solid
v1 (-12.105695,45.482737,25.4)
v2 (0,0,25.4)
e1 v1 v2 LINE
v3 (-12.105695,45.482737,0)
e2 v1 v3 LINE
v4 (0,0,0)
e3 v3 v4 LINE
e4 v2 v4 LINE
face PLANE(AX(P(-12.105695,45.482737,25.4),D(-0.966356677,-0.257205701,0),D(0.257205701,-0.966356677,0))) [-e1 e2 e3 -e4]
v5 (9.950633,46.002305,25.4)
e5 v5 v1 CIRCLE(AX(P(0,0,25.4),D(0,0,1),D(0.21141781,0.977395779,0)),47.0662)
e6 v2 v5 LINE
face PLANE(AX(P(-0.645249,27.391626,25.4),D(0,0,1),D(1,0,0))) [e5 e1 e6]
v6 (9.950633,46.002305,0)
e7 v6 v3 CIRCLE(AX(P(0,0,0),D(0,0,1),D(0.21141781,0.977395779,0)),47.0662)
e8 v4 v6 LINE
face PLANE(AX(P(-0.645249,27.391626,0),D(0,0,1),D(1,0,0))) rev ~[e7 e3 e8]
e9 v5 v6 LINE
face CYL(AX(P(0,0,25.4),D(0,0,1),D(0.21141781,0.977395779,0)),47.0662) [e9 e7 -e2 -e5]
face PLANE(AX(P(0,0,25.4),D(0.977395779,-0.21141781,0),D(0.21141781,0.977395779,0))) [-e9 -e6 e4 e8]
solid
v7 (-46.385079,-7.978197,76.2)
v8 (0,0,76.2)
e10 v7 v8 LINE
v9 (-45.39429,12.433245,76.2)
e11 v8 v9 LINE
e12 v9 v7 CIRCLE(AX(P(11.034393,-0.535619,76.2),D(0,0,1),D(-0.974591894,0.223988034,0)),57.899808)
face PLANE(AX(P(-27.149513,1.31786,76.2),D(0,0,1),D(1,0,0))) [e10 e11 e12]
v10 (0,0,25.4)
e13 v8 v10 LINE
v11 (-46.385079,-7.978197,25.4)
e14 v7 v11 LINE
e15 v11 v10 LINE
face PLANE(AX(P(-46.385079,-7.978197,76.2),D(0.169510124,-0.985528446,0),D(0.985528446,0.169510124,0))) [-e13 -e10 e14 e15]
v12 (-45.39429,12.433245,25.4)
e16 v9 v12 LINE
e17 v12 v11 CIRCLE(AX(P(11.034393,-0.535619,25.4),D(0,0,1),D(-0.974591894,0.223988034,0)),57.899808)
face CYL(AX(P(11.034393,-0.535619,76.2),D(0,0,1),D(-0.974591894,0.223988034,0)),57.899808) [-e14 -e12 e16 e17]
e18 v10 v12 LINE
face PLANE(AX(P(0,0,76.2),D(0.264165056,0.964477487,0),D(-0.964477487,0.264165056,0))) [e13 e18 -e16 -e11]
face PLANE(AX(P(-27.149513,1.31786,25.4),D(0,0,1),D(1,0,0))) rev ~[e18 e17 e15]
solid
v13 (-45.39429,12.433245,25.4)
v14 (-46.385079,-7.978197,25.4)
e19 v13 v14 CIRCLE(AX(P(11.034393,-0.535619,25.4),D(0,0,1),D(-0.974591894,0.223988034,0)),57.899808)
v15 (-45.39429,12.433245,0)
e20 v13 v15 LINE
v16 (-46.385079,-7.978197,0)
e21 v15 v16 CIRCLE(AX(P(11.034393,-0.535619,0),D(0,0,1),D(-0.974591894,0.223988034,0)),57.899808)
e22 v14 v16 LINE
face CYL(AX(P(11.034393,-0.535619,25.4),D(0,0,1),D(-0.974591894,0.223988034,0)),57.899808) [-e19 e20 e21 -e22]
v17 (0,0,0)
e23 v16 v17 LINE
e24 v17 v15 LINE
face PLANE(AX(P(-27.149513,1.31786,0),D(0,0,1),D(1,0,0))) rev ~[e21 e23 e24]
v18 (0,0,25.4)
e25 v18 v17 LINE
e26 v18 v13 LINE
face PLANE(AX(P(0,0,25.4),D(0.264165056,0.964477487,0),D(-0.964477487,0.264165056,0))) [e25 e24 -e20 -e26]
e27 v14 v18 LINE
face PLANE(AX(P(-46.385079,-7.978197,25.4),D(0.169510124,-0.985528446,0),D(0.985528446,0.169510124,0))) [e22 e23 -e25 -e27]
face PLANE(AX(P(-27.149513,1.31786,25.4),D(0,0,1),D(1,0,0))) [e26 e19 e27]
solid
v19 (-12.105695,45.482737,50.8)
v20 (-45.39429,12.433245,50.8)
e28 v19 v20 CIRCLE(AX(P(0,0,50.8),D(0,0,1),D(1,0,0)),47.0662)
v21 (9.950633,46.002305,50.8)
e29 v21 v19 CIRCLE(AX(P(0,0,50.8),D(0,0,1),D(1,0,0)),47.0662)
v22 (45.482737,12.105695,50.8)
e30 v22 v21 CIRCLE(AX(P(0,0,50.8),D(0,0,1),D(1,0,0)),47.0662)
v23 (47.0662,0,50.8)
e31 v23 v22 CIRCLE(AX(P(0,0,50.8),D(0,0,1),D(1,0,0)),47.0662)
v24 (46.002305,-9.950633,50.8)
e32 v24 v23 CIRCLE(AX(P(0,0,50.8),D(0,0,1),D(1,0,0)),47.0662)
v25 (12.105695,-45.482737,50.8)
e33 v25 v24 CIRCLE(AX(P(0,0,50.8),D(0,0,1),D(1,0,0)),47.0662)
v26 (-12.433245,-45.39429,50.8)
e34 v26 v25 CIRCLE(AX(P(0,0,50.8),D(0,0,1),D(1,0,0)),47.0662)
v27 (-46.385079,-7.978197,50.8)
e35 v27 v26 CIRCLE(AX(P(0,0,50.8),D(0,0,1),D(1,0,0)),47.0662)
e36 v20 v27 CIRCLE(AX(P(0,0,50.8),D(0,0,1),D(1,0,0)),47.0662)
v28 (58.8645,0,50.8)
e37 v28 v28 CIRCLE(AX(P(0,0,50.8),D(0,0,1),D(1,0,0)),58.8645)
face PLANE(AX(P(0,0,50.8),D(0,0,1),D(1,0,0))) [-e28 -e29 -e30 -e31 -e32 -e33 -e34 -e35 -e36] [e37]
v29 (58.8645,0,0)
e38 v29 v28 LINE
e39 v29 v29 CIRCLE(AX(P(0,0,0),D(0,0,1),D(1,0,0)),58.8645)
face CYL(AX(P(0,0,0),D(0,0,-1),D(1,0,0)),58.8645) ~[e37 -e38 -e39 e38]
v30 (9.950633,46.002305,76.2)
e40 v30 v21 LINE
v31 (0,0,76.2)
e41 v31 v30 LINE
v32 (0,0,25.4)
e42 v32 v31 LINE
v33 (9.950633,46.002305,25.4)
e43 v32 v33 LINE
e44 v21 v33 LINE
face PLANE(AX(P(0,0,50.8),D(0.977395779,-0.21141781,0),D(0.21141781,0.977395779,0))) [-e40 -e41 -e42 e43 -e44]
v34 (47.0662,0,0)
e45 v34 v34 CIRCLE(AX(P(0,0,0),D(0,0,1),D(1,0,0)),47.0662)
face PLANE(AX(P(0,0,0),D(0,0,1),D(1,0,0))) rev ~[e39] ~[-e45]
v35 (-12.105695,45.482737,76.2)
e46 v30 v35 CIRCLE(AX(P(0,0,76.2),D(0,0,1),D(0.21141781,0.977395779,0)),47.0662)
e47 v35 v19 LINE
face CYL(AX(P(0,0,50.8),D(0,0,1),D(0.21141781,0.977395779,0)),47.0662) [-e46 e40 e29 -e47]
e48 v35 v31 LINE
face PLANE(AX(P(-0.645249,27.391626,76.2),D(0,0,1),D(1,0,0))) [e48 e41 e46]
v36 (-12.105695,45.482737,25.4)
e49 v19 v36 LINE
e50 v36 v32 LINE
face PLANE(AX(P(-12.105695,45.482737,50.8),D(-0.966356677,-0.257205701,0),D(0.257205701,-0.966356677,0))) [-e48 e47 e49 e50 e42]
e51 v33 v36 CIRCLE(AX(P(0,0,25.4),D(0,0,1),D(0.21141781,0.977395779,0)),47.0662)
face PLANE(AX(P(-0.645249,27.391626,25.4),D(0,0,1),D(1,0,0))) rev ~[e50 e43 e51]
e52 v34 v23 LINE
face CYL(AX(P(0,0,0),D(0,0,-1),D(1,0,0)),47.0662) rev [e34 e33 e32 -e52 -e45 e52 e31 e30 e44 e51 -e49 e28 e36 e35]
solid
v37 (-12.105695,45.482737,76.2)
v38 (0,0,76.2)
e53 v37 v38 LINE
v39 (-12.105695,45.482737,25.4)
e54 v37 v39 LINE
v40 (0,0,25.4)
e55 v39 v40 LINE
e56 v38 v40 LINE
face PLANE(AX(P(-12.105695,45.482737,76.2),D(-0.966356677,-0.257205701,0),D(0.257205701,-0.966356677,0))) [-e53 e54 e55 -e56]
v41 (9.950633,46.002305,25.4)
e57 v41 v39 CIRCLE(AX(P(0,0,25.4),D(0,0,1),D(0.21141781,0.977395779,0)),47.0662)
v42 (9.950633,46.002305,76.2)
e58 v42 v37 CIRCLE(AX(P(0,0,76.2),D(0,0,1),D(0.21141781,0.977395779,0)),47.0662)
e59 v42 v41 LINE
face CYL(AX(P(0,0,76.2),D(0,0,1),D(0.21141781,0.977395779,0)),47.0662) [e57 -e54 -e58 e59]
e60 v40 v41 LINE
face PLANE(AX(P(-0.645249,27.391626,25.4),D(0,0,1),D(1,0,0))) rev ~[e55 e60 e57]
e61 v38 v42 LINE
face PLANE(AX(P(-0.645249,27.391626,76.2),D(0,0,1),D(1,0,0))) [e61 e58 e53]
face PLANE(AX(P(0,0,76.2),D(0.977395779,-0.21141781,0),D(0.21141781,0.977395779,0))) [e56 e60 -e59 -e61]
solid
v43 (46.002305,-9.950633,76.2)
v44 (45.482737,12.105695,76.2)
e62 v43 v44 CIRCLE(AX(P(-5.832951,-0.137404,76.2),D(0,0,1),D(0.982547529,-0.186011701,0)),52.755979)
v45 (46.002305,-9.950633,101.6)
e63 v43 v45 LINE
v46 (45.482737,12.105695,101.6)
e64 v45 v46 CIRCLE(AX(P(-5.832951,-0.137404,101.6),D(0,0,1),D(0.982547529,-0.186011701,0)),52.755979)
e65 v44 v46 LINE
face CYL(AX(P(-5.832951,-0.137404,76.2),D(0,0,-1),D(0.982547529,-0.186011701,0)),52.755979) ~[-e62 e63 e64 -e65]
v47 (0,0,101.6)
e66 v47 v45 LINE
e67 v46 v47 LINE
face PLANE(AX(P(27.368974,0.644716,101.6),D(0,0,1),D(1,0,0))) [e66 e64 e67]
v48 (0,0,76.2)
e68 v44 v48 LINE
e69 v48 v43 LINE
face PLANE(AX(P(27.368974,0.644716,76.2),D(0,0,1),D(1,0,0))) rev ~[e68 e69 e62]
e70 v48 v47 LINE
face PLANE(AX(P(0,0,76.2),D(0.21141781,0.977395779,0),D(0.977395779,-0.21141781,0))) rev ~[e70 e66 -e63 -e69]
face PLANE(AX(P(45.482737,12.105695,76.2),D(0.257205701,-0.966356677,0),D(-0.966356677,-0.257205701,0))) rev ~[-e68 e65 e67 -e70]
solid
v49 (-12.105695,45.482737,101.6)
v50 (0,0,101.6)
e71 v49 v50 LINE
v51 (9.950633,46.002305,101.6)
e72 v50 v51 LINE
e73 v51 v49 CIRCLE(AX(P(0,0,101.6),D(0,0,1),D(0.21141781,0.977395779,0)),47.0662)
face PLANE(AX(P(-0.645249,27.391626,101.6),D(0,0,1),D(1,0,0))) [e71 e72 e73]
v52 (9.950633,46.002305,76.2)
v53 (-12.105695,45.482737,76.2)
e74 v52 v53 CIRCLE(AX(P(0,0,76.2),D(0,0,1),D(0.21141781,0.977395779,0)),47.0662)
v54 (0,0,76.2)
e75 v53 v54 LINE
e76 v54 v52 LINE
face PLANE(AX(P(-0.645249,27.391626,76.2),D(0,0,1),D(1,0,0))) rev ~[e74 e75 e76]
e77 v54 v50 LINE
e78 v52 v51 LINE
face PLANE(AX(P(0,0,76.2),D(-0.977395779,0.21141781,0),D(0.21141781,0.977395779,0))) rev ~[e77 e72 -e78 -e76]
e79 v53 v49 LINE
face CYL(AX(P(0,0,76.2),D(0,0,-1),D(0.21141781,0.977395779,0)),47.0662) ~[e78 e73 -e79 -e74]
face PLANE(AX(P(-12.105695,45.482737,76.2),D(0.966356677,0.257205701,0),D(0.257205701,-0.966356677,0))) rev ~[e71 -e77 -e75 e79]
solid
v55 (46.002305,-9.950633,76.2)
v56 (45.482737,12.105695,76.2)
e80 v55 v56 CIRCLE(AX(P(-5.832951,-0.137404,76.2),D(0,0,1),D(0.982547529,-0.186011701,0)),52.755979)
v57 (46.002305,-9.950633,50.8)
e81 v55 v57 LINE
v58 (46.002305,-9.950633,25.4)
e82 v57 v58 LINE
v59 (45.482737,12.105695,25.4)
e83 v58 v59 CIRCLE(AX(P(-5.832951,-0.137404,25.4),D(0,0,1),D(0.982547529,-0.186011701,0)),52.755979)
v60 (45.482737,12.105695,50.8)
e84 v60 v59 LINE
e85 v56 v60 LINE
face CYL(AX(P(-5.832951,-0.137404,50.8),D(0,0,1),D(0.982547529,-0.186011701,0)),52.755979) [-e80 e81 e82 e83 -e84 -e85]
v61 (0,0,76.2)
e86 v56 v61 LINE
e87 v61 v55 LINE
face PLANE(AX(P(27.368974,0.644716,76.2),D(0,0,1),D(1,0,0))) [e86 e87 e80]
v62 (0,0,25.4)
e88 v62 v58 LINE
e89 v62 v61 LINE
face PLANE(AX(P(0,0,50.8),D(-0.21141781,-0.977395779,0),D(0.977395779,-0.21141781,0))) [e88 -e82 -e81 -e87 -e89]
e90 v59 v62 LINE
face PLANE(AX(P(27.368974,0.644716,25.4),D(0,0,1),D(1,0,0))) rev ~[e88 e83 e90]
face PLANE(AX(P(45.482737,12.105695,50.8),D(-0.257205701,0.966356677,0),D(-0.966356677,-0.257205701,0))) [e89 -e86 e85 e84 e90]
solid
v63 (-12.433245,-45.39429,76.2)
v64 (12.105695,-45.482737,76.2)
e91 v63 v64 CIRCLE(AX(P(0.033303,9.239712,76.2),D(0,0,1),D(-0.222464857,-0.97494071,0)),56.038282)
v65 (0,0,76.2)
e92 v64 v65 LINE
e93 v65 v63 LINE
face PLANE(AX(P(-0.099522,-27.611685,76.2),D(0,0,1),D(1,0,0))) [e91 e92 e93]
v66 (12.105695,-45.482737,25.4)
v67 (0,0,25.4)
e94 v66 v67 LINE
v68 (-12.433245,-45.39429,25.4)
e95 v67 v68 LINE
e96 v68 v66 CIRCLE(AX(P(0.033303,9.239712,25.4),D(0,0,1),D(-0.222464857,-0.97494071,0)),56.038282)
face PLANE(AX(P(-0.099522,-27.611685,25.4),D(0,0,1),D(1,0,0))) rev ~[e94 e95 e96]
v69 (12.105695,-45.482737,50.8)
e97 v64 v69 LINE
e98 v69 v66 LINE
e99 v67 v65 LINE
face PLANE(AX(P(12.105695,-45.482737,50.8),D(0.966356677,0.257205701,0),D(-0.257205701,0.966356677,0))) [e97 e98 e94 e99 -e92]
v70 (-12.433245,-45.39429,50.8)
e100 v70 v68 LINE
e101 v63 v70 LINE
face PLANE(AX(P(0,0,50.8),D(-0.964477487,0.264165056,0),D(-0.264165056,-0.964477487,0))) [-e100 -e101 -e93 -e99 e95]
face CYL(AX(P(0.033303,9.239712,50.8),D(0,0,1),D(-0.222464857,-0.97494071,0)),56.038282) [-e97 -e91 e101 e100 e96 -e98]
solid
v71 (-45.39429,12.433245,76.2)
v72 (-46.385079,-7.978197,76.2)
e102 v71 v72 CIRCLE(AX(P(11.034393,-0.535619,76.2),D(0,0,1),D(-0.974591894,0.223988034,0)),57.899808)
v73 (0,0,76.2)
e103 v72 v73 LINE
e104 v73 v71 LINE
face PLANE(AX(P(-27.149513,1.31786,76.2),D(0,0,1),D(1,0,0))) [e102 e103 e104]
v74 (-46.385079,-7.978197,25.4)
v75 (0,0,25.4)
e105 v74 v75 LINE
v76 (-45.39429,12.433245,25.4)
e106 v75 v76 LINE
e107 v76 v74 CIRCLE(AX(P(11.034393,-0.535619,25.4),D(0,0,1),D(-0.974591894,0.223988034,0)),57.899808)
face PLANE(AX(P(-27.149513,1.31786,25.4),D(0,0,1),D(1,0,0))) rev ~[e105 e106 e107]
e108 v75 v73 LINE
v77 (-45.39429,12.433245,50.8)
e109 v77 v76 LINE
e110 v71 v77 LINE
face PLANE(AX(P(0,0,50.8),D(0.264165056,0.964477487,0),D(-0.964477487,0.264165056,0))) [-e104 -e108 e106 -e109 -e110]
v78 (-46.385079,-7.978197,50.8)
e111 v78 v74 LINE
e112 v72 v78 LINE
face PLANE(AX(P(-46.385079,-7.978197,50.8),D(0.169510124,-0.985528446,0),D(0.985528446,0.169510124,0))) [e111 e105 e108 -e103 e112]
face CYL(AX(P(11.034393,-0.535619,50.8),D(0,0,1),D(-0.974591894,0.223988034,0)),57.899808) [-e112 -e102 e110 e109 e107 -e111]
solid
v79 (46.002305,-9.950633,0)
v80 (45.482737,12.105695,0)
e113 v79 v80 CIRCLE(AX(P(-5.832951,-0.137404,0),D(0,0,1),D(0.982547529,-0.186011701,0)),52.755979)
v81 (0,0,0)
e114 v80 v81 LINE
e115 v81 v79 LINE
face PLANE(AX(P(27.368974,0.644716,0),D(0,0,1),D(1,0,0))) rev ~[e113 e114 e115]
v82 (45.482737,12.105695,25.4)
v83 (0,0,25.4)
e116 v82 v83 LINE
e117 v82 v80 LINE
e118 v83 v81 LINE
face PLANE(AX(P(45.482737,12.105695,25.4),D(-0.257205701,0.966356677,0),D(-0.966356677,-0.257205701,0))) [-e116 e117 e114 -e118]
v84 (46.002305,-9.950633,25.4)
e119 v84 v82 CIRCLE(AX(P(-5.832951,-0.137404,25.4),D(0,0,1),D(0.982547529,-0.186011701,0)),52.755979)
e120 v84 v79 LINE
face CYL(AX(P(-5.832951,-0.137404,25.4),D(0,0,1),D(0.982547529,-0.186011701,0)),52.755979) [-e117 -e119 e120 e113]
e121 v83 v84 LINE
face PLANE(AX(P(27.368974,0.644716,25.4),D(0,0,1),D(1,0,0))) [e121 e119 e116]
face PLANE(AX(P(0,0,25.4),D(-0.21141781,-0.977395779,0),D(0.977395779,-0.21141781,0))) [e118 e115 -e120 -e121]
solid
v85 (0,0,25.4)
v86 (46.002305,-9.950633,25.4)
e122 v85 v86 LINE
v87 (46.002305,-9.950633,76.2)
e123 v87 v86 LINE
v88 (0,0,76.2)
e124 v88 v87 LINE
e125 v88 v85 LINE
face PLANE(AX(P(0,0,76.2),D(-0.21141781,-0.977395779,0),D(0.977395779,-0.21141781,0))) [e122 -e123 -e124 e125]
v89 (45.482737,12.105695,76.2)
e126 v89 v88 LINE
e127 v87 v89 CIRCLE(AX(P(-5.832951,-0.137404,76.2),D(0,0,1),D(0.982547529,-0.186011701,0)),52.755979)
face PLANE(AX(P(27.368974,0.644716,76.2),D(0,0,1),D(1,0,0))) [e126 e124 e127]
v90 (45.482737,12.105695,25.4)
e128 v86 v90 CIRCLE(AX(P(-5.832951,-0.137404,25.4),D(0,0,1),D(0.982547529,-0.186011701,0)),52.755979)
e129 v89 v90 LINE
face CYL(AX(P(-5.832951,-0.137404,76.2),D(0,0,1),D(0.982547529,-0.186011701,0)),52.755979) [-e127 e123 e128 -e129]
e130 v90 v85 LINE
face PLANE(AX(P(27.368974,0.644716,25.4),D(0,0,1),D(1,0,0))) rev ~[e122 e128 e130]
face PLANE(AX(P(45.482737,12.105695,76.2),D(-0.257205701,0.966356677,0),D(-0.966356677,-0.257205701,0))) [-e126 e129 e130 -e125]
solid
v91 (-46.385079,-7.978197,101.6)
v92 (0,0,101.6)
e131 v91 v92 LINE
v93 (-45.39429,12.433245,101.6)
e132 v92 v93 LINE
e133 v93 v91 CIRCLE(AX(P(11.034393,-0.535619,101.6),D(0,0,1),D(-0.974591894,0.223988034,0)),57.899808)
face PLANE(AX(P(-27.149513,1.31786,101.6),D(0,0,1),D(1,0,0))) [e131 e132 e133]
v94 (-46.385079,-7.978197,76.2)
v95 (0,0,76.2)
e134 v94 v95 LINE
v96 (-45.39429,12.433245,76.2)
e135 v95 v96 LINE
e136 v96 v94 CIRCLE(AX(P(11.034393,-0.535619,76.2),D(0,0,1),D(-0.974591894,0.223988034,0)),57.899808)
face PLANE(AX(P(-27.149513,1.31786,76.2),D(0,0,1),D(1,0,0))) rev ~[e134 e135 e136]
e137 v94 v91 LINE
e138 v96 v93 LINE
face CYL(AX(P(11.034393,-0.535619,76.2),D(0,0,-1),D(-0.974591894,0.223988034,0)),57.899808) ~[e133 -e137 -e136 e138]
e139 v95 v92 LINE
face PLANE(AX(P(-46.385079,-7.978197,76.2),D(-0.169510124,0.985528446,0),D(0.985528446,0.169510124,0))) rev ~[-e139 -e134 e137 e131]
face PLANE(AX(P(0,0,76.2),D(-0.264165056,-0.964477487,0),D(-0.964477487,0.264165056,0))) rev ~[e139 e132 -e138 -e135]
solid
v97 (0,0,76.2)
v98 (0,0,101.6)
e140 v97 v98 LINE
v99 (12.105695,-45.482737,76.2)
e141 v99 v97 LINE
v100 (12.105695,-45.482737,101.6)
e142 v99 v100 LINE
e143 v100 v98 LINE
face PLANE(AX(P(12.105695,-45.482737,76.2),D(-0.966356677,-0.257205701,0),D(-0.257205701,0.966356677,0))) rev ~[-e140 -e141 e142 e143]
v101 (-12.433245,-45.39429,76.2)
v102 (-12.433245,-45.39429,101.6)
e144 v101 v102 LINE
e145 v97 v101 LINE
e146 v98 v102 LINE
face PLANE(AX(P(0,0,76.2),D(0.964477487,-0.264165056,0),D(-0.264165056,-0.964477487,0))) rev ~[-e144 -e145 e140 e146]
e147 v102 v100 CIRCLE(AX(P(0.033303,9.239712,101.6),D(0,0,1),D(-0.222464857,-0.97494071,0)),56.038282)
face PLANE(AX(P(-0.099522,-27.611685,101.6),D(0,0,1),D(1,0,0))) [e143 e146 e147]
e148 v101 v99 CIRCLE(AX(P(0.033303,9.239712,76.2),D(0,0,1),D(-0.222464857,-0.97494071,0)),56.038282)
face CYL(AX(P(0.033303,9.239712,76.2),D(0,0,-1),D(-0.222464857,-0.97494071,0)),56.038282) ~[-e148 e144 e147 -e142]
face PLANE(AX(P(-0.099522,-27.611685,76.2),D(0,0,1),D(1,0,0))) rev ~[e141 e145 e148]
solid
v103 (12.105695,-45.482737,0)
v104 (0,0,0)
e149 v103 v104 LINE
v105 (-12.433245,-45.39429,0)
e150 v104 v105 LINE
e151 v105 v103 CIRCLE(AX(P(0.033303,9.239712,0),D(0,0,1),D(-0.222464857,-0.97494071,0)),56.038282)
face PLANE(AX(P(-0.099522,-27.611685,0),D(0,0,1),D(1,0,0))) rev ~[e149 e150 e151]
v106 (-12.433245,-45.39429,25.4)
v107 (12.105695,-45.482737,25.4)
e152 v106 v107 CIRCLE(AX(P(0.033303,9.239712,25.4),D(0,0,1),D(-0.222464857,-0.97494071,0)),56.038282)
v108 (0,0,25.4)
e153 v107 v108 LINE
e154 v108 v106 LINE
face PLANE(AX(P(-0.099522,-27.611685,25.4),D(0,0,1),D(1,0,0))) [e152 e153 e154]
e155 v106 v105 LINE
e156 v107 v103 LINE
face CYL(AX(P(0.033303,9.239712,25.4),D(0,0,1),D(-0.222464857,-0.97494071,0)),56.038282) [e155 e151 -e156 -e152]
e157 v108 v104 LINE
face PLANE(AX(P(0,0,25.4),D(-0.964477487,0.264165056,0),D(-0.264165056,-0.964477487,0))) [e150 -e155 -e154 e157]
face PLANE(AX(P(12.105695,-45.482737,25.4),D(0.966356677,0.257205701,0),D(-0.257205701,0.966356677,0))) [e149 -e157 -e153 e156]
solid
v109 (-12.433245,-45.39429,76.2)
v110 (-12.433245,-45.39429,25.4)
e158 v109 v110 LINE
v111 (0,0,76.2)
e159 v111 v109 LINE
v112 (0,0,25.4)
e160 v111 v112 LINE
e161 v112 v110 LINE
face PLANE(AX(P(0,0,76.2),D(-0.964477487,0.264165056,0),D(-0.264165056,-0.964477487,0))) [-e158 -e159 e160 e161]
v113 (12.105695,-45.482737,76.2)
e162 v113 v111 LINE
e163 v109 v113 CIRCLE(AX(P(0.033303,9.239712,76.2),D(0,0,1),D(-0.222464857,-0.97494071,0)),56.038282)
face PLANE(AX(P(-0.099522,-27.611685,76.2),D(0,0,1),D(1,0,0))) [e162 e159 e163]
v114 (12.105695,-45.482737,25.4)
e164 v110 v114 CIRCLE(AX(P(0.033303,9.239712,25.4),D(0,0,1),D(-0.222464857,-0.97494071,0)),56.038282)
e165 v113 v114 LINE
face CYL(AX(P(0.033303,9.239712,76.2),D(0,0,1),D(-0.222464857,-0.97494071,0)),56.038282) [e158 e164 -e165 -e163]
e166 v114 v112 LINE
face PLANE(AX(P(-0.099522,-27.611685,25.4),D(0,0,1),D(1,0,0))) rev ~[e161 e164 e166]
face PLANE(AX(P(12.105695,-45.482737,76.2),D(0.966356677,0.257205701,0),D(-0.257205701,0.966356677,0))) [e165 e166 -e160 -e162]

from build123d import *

# Parameters (mm, degrees)
F0_R     = 58.8645
F0_R_2   = 47.0662
F1_DEPTH = 50.8
F3_DEPTH = 25.4
F4_DEPTH = 50.8
F5_DEPTH = 25.4
F6_DEPTH = 25.4


with BuildPart() as f1:
    # F0 (on Top) → F1 (new body)
    with BuildSketch(Plane.XY):
        Circle(F0_R)
        Circle(F0_R_2, mode=Mode.SUBTRACT)
    extrude(amount=F1_DEPTH)

    # F2 (on face) → F3 (join, symmetric)
    with BuildSketch(Plane.XY.offset(50.8)):
        with BuildLine():
            Line((-12.1056949536, 45.4827366385), (0, 0))
            Line((0, 0), (9.9506329246, 46.002305234))
            ThreePointArc((9.9506329246, 46.002305234), (-1.1084046953, 47.0531467754), (-12.1056949536, 45.4827366385))
        make_face()
        with BuildLine():
            Line((45.4827366385, 12.1056949536), (0, 0))
            Line((0, 0), (46.002305234, -9.9506329246))
            ThreePointArc((46.002305234, -9.9506329246), (46.9083962016, 1.1049948869), (45.4827366385, 12.1056949536))
        make_face()
        with BuildLine():
            Line((12.1056949536, -45.4827366385), (0, 0))
            Line((0, 0), (-12.4332453646, -45.3942903033))
            ThreePointArc((-12.4332453646, -45.3942903033), (-0.1686759799, -46.7982058703), (12.1056949536, -45.4827366385))
        make_face()
        with BuildLine():
            Line((-46.385078942, -7.9781974142), (0, 0))
            Line((0, 0), (-45.3942903033, 12.4332453646))
            ThreePointArc((-45.3942903033, 12.4332453646), (-46.7973228873, 2.2715815017), (-46.385078942, -7.9781974142))
        make_face()
    extrude(amount=F3_DEPTH, both=True)


with BuildPart() as f4:
    # F4 (new): a face of the model
    f4_faces = [f1.part.faces().sort_by_distance(p)[0] for p in [
        (-0.7320628202, 31.0769698775, 76.2),
    ]]
    extrude(f4_faces, amount=-F4_DEPTH)


with BuildPart() as f4b:
    # F4#2 (new): a face of the model
    f4_2_faces = [f1.part.faces().sort_by_distance(p)[0] for p in [
        (-30.9961070931, 1.5045771671, 76.2),
    ]]
    extrude(f4_2_faces, amount=-F4_DEPTH)


with BuildPart() as f4c:
    # F4#3 (new): a face of the model
    f4_3_faces = [f1.part.faces().sort_by_distance(p)[0] for p in [
        (-0.1113584297, -30.895772613, 76.2),
    ]]
    extrude(f4_3_faces, amount=-F4_DEPTH)


with BuildPart() as f4d:
    # F4#4 (new): a face of the model
    f4_4_faces = [f1.part.faces().sort_by_distance(p)[0] for p in [
        (31.0126069708, 0.7305466592, 76.2),
    ]]
    extrude(f4_4_faces, amount=-F4_DEPTH)


with BuildPart() as f5:
    # F5 (new): a face of the model
    f5_faces = [f1.part.faces().sort_by_distance(p)[0] for p in [
        (31.0126069708, 0.7305466592, 25.4),
    ]]
    extrude(f5_faces, amount=F5_DEPTH)


with BuildPart() as f5b:
    # F5#2 (new): a face of the model
    f5_2_faces = [f1.part.faces().sort_by_distance(p)[0] for p in [
        (-0.1113584297, -30.895772613, 25.4),
    ]]
    extrude(f5_2_faces, amount=F5_DEPTH)


with BuildPart() as f5c:
    # F5#3 (new): a face of the model
    f5_3_faces = [f1.part.faces().sort_by_distance(p)[0] for p in [
        (-30.9961070931, 1.5045771671, 25.4),
    ]]
    extrude(f5_3_faces, amount=F5_DEPTH)


with BuildPart() as f5d:
    # F5#4 (new): a face of the model
    f5_4_faces = [f1.part.faces().sort_by_distance(p)[0] for p in [
        (-0.7320628202, 31.0769698775, 25.4),
    ]]
    extrude(f5_4_faces, amount=F5_DEPTH)


with BuildPart() as f6:
    # F6 (new): a face of the model
    f6_faces = [f4d.part.faces().sort_by_distance(p)[0] for p in [
        (31.0126069708, 0.7305466592, 76.2),
    ]]
    extrude(f6_faces, amount=F6_DEPTH)


with BuildPart() as f6b:
    # F6#2 (new): a face of the model
    f6_2_faces = [f1.part.faces().sort_by_distance(p)[0] for p in [
        (-0.1113584297, -30.895772613, 76.2),
    ]]
    extrude(f6_2_faces, amount=F6_DEPTH)


with BuildPart() as f6c:
    # F6#3 (new): a face of the model
    f6_3_faces = [f1.part.faces().sort_by_distance(p)[0] for p in [
        (-30.9961070931, 1.5045771671, 76.2),
    ]]
    extrude(f6_3_faces, amount=F6_DEPTH)


with BuildPart() as f6d:
    # F6#4 (new): a face of the model
    f6_4_faces = [f1.part.faces().sort_by_distance(p)[0] for p in [
        (-0.7320628202, 31.0769698775, 76.2),
    ]]
    extrude(f6_4_faces, amount=F6_DEPTH)


solid = Compound([f1.part, f4.part, f4b.part, f4c.part, f4d.part, f5.part, f5b.part, f5c.part, f5d.part, f6.part, f6b.part, f6c.part, f6d.part])
